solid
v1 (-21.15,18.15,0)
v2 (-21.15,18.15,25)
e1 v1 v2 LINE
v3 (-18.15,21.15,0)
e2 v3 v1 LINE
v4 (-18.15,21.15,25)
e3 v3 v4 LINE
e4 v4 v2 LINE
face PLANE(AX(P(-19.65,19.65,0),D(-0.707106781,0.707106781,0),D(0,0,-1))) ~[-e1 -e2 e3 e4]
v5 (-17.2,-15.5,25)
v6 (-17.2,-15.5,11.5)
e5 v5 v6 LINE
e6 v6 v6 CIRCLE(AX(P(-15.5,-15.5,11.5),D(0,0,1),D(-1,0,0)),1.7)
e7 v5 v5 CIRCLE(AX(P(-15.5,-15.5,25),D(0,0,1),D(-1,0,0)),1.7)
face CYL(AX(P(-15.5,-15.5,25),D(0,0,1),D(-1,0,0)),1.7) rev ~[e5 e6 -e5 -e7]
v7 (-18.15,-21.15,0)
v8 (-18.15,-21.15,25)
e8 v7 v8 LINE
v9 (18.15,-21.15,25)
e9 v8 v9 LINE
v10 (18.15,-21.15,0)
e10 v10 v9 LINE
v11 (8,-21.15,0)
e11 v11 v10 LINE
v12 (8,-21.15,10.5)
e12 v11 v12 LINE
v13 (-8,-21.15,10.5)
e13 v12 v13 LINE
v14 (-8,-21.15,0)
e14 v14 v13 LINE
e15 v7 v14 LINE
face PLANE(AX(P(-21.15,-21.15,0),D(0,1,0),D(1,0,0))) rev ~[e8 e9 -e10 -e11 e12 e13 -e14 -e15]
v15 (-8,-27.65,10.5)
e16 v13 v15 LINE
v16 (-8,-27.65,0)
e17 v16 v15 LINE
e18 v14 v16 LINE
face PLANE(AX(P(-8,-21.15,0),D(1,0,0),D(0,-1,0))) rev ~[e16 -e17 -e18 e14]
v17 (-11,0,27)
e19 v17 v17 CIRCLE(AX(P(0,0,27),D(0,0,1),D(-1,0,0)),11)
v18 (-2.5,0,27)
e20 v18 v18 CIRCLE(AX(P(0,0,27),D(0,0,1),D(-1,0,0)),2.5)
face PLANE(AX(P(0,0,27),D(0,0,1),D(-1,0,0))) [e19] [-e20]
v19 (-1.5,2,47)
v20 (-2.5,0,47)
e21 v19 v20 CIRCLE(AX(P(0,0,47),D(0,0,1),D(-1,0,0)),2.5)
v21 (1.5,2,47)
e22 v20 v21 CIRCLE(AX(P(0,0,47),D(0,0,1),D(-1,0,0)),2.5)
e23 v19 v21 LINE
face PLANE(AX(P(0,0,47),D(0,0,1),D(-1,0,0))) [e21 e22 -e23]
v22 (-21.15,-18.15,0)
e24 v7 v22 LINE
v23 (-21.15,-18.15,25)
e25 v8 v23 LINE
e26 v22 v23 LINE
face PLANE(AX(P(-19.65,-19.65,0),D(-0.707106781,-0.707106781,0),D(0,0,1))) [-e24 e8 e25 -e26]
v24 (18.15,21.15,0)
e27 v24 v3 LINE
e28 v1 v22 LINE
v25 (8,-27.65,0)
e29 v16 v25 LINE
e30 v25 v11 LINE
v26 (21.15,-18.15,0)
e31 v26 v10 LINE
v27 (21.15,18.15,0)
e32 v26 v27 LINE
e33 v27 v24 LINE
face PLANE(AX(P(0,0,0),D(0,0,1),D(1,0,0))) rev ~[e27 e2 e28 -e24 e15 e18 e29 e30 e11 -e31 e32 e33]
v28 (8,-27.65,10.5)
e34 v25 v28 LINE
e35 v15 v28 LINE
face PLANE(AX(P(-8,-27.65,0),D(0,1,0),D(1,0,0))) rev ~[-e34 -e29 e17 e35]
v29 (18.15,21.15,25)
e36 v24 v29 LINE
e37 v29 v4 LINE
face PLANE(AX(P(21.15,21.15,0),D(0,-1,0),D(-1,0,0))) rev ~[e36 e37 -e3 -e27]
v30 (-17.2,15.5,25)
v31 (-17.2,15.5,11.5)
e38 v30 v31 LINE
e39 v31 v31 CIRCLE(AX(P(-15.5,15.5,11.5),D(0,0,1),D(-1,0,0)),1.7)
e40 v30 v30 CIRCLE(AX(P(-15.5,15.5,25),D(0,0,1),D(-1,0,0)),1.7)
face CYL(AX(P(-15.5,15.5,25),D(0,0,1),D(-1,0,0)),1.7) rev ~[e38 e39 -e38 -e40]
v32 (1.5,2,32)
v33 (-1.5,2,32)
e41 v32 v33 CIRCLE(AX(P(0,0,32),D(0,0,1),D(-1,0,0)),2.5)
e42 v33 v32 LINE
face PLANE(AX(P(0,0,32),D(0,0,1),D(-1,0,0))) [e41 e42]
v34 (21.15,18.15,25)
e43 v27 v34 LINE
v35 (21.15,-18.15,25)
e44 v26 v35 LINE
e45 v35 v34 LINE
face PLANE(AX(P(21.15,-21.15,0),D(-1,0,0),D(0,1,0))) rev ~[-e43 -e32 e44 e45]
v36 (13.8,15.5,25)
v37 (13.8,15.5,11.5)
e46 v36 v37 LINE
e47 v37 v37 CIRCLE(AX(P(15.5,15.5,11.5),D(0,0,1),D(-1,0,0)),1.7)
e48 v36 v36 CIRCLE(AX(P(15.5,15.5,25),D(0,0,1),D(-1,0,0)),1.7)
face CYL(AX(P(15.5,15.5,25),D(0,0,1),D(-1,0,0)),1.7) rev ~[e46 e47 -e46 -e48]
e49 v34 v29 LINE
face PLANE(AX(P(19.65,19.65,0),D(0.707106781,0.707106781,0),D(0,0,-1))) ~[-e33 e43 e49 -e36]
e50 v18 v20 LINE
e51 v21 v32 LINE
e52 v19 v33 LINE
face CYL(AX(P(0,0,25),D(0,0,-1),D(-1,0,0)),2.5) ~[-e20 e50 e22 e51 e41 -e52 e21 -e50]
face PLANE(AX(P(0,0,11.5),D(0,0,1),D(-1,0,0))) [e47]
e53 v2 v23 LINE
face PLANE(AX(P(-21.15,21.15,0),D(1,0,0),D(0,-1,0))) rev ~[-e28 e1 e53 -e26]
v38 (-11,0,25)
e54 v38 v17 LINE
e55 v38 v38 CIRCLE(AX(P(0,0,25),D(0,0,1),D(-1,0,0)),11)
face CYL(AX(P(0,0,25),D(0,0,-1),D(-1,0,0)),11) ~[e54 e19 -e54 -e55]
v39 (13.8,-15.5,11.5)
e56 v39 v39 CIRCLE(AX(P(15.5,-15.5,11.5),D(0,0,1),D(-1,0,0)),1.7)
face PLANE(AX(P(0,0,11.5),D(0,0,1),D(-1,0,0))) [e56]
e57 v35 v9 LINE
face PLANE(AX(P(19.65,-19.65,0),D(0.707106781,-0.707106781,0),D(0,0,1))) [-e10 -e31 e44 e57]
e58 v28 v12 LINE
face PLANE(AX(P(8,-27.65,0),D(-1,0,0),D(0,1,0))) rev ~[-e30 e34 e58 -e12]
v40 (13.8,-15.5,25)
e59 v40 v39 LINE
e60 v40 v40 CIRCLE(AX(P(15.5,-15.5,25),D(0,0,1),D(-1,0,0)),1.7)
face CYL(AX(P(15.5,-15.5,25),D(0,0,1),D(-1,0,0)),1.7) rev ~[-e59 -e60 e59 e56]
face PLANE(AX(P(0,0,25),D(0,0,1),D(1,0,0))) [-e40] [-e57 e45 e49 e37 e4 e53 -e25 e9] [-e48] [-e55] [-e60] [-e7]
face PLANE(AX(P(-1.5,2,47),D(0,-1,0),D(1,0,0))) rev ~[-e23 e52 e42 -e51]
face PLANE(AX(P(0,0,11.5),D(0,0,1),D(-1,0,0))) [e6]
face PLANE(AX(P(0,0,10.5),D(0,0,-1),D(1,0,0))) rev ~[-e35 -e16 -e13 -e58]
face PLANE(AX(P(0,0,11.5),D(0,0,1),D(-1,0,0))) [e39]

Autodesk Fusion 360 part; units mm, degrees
sketch "Esquisse1" plane through (0, 0, 0) normal (0, 0, 1) x (1, 0, 0)
  line L0 (21.15, 21.15) -> (-21.15, 21.15)
  line L1 (-21.15, 21.15) -> (-21.15, -21.15)
  line L2 (-21.15, -21.15) -> (21.15, -21.15)
  line L3 (21.15, -21.15) -> (21.15, 21.15)
  line L4 (21.15, 21.15) -> (-21.15, -21.15) construction
  line L5 (-21.15, 21.15) -> (21.15, -21.15) construction
  dimension "d1" = 42.3
  dimension "d2" = 42.3
extrude "Extrusion1" add sketch "Esquisse1" along normal blind 25
sketch "Esquisse2" plane through (0, 0, 25) normal (0, 0, 1) x (-1, 0, 0)
  line L0 (-21.15, 21.15) -> (-21.15, -21.15)
  line L1 (-21.15, -21.15) -> (21.15, -21.15)
  line L2 (21.15, -21.15) -> (21.15, 21.15)
  line L3 (21.15, 21.15) -> (-21.15, 21.15)
  circle A0 centre (15.5, -15.5) radius 1.7
  circle A1 centre (-15.5, -15.5) radius 1.7
  circle A2 centre (15.5, 15.5) radius 1.7
  circle A3 centre (-15.5, 15.5) radius 1.7
  dimension "d5" = 3.4
  dimension "d6" = 3.4
  dimension "d7" = 3.4
  dimension "d8" = 3.4
  dimension "d9" = 5.65
  dimension "d10" = 5.65
  dimension "d11" = 5.65
  dimension "d12" = 5.65
  dimension "d13" = 5.65
  dimension "d14" = 5.65
  dimension "d15" = 5.65
  dimension "d16" = 5.65
extrude "Extrusion2" cut sketch "Esquisse2" against normal blind 13.5 contours A0 | A1 | A2 | A3
sketch "Esquisse3" plane through (0, 0, 25) normal (0, 0, 1) x (-1, 0, 0)
  circle A0 centre (-15.5, -15.5) radius 1.7
  circle A1 centre (-15.5, 15.5) radius 1.7
  circle A2 centre (15.5, -15.5) radius 1.7
  circle A3 centre (15.5, 15.5) radius 1.7
  line L0 (-21.15, 21.15) -> (-21.15, -21.15)
  line L1 (-21.15, -21.15) -> (21.15, -21.15)
  line L2 (21.15, -21.15) -> (21.15, 21.15)
  line L3 (21.15, 21.15) -> (-21.15, 21.15)
  circle A4 centre (0, 0) radius 11
  circle A5 centre (0, 0) radius 2.5
  dimension "d19" = 22
  dimension "d20" = 5
extrude "Extrusion3" add sketch "Esquisse3" along normal blind 22 contours A5
extrude "Extrusion4" add sketch "Esquisse3" along normal blind 2 contours A4
sketch "Esquisse4" plane through (0, 0, 47) normal (0, 0, 1) x (-1, 0, 0)
  circle A0 centre (0, 0) radius 2.5
  line L0 (1.5, -2) -> (-1.5, -2)
  circle A1 centre (0, 0) radius 2.5
  dimension "d25" = 2
extrude "Extrusion5" cut sketch "Esquisse4" against normal blind 15 contours A0 L0 A1 picked at (-0.3999, -2.0645)
sketch "Esquisse5" plane through (0, 0, 0) normal (0, 0, -1) x (1, 0, 0)
  line L0 (21.15, -21.15) -> (21.15, 21.15)
  line L1 (21.15, 21.15) -> (-21.15, 21.15)
  line L2 (-21.15, 21.15) -> (-21.15, -21.15)
  line L3 (-21.15, -21.15) -> (21.15, -21.15)
  line L4 (8, 21.15) -> (-8, 21.15)
  line L5 (-8, 21.15) -> (-8, 27.65)
  line L6 (-8, 27.65) -> (8, 27.65)
  line L7 (8, 27.65) -> (8, 21.15)
  line L8 (8, 21.15) -> (-8, 27.65) construction
  line L9 (-8, 21.15) -> (8, 27.65) construction
  point P0 (0, 24.4)
  dimension "d28" = 6.5
  dimension "d29" = 16
  dimension "d30" = 13.15
extrude "Extrusion6" add sketch "Esquisse5" against normal blind 10.5 contours L1 L4 L5 L6 L7
chamfer "Chanfrein1" distance 3 angle 45 4 edges at (21.15, 21.15, 12.5) (21.15, -21.15, 12.5) (-21.15, 21.15, 12.5) (-21.15, -21.15, 12.5)
